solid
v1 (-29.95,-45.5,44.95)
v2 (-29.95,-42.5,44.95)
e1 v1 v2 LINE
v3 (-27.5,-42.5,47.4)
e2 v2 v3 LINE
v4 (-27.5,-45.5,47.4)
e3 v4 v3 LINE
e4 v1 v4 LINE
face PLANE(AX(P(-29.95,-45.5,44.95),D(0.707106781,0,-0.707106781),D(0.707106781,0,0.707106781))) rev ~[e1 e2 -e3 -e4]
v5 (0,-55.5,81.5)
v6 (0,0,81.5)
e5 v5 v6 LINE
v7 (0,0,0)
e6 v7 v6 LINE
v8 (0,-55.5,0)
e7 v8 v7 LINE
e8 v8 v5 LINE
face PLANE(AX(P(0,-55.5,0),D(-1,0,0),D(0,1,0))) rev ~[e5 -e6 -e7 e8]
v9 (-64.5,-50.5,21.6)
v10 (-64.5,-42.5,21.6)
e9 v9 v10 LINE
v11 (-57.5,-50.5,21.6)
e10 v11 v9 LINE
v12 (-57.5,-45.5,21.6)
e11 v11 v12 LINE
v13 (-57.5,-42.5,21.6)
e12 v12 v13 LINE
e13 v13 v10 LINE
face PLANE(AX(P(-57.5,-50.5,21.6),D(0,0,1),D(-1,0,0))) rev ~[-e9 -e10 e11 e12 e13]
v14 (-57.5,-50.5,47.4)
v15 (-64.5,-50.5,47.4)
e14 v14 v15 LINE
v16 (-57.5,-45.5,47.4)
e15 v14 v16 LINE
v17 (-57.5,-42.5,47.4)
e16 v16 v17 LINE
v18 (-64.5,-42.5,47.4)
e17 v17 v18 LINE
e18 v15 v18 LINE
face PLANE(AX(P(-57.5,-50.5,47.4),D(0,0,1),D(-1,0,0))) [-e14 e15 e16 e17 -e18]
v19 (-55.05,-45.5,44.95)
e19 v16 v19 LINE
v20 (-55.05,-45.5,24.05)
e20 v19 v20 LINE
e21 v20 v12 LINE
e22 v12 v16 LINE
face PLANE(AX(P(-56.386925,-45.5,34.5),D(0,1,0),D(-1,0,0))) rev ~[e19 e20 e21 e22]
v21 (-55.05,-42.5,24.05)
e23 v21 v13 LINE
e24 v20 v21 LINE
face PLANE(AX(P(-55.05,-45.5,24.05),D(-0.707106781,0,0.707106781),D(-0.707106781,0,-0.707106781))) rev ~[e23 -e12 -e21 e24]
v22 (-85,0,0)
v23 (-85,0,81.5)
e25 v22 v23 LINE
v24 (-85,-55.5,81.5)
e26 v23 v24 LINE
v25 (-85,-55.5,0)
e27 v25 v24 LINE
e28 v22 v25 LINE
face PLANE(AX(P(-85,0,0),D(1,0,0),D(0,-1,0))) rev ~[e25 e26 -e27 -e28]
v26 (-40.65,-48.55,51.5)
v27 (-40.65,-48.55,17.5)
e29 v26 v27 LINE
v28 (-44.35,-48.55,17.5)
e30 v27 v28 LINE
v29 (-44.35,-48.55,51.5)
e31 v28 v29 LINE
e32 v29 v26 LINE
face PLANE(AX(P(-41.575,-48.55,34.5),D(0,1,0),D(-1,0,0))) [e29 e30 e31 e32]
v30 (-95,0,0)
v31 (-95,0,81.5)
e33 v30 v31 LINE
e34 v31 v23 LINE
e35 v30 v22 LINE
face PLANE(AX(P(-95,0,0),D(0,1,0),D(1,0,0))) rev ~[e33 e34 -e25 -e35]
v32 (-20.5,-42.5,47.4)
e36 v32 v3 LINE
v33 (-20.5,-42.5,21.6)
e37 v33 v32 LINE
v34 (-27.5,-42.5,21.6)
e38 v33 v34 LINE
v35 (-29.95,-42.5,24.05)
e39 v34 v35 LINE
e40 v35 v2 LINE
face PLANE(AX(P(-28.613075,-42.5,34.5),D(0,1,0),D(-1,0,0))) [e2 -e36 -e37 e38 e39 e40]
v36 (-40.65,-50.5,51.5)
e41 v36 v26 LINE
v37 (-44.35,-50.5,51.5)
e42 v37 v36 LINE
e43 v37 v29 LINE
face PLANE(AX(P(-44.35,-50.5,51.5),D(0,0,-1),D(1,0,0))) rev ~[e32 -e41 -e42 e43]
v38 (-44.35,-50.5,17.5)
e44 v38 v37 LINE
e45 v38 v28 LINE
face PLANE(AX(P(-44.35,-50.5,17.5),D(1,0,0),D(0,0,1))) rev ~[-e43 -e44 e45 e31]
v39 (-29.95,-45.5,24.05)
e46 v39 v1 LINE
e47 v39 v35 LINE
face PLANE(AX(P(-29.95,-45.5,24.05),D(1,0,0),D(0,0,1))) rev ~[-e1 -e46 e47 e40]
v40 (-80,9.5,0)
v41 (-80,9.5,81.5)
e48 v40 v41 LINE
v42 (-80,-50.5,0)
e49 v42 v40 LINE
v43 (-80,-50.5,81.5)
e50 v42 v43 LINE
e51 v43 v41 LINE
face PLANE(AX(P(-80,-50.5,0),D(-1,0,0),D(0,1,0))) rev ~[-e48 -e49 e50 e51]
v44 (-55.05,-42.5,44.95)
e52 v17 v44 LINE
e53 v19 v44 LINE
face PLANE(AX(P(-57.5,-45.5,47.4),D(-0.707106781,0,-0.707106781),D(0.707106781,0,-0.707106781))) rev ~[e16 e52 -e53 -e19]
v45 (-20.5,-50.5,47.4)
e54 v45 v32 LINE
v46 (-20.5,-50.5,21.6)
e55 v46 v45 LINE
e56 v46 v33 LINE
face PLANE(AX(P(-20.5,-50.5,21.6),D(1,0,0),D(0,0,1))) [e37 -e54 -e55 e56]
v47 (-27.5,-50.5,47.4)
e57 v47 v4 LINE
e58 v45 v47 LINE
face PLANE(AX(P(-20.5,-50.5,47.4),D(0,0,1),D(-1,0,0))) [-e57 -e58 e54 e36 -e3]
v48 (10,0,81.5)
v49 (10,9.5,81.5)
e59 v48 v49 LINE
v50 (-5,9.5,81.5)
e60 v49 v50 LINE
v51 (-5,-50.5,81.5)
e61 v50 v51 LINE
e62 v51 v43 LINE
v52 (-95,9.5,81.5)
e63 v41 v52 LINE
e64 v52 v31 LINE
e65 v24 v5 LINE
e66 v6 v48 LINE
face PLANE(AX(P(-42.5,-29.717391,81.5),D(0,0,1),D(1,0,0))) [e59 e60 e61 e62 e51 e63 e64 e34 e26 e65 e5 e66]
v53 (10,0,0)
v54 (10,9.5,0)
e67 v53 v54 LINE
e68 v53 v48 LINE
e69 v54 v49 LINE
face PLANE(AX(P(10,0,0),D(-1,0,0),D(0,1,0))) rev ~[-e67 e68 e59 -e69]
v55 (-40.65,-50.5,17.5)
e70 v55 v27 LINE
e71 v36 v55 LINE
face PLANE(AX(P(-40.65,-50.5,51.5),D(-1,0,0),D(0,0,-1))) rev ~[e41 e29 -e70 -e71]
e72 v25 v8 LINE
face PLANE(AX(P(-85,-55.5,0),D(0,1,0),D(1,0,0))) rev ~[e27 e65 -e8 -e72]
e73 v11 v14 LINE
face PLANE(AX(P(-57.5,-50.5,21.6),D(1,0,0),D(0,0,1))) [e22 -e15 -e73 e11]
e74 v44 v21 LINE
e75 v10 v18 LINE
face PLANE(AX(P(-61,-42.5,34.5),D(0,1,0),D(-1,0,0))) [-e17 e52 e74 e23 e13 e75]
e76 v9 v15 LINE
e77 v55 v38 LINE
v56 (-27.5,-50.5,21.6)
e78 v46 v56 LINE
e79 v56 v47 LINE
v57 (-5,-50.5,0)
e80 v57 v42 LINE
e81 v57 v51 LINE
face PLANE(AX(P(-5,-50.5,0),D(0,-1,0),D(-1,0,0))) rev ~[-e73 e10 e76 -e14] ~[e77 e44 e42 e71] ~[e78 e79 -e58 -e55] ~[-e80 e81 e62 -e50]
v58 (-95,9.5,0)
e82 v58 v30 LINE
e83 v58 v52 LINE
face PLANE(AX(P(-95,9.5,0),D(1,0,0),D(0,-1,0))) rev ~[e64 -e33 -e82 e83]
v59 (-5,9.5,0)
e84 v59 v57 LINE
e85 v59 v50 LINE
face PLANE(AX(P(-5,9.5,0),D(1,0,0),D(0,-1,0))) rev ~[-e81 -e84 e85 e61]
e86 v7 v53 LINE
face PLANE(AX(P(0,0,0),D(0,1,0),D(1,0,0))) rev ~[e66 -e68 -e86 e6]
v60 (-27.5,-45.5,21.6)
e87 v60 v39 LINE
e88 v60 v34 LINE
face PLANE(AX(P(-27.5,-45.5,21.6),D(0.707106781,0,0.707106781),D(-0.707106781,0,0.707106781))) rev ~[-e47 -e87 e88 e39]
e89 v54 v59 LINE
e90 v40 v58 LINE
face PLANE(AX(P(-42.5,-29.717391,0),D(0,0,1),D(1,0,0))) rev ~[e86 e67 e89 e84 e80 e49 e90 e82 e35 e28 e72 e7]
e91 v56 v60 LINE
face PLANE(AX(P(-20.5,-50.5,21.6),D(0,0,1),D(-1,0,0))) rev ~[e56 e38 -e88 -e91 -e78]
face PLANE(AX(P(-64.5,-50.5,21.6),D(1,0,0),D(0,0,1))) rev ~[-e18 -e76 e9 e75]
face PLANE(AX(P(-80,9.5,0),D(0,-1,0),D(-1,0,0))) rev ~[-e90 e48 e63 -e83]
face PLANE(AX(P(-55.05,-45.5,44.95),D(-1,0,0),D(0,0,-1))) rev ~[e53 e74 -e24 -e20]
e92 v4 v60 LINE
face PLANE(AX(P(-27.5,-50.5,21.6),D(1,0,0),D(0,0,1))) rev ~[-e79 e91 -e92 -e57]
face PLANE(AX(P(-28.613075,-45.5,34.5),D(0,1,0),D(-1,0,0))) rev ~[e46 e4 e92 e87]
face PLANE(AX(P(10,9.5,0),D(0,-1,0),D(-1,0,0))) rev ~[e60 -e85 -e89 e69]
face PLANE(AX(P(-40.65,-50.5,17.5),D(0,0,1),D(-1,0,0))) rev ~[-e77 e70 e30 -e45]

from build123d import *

# Parameters (mm, degrees)
F1_DEPTH = 81.5
F2_W     = 1.85
F2_H     = 25.8
F2_H_2   = 4.1
F3_DEPTH = 1.95
F2_W_2   = 7
F4_DEPTH = 8
F5_START = 5
F5_DEPTH = 3


with BuildPart() as f1:
    # F0 (on Top) → F1 (new body)
    with BuildSketch(Plane.XY):
        Polygon((0, -55.5), (0, 0), (10, 0), (10, 9.5), (-5, 9.5), (-5, -50.5), (-80, -50.5), (-80, 9.5), (-95, 9.5), (-95, 0), (-85, 0), (-85, -55.5), align=None)
    extrude(amount=F1_DEPTH)

    # F2 (on face) → F3 (join)
    with BuildSketch(Plane(origin=(0, -50.5, 0), x_dir=(-1, 0, 0), z_dir=(0, 1, 0))):
        Polygon((42.5, 47.4), (42.5, 51.5), (40.65, 51.5), (40.65, 17.5), (42.5, 17.5), (42.5, 21.6), align=None)
        with Locations((43.425, 34.5)):
            Rectangle(F2_W, F2_H)
        with Locations((43.425, 49.45)):
            Rectangle(F2_W, F2_H_2)
        with Locations((43.425, 19.55)):
            Rectangle(F2_W, F2_H_2)
    extrude(amount=F3_DEPTH)

    # F2 (on face) → F4 (join)
    with BuildSketch(Plane(origin=(0, -50.5, 0), x_dir=(-1, 0, 0), z_dir=(0, 1, 0))):
        with Locations((61, 34.5)):
            Rectangle(F2_W_2, F2_H)
        with Locations((24, 34.5)):
            Rectangle(F2_W_2, F2_H)
    extrude(amount=F4_DEPTH)

    # F2 (on face) → F5 (join)
    with BuildSketch(Plane(origin=(0, -50.5, 0), x_dir=(-1, 0, 0), z_dir=(0, 1, 0)).offset(F5_START)):
        Polygon((29.95, 24.05), (29.95, 44.95), (27.5, 47.4), (27.5, 21.6), align=None)
        Polygon((57.5, 21.6), (57.5, 47.4), (55.05, 44.95), (55.05, 24.05), align=None)
    extrude(amount=F5_DEPTH)


solid = f1.part
